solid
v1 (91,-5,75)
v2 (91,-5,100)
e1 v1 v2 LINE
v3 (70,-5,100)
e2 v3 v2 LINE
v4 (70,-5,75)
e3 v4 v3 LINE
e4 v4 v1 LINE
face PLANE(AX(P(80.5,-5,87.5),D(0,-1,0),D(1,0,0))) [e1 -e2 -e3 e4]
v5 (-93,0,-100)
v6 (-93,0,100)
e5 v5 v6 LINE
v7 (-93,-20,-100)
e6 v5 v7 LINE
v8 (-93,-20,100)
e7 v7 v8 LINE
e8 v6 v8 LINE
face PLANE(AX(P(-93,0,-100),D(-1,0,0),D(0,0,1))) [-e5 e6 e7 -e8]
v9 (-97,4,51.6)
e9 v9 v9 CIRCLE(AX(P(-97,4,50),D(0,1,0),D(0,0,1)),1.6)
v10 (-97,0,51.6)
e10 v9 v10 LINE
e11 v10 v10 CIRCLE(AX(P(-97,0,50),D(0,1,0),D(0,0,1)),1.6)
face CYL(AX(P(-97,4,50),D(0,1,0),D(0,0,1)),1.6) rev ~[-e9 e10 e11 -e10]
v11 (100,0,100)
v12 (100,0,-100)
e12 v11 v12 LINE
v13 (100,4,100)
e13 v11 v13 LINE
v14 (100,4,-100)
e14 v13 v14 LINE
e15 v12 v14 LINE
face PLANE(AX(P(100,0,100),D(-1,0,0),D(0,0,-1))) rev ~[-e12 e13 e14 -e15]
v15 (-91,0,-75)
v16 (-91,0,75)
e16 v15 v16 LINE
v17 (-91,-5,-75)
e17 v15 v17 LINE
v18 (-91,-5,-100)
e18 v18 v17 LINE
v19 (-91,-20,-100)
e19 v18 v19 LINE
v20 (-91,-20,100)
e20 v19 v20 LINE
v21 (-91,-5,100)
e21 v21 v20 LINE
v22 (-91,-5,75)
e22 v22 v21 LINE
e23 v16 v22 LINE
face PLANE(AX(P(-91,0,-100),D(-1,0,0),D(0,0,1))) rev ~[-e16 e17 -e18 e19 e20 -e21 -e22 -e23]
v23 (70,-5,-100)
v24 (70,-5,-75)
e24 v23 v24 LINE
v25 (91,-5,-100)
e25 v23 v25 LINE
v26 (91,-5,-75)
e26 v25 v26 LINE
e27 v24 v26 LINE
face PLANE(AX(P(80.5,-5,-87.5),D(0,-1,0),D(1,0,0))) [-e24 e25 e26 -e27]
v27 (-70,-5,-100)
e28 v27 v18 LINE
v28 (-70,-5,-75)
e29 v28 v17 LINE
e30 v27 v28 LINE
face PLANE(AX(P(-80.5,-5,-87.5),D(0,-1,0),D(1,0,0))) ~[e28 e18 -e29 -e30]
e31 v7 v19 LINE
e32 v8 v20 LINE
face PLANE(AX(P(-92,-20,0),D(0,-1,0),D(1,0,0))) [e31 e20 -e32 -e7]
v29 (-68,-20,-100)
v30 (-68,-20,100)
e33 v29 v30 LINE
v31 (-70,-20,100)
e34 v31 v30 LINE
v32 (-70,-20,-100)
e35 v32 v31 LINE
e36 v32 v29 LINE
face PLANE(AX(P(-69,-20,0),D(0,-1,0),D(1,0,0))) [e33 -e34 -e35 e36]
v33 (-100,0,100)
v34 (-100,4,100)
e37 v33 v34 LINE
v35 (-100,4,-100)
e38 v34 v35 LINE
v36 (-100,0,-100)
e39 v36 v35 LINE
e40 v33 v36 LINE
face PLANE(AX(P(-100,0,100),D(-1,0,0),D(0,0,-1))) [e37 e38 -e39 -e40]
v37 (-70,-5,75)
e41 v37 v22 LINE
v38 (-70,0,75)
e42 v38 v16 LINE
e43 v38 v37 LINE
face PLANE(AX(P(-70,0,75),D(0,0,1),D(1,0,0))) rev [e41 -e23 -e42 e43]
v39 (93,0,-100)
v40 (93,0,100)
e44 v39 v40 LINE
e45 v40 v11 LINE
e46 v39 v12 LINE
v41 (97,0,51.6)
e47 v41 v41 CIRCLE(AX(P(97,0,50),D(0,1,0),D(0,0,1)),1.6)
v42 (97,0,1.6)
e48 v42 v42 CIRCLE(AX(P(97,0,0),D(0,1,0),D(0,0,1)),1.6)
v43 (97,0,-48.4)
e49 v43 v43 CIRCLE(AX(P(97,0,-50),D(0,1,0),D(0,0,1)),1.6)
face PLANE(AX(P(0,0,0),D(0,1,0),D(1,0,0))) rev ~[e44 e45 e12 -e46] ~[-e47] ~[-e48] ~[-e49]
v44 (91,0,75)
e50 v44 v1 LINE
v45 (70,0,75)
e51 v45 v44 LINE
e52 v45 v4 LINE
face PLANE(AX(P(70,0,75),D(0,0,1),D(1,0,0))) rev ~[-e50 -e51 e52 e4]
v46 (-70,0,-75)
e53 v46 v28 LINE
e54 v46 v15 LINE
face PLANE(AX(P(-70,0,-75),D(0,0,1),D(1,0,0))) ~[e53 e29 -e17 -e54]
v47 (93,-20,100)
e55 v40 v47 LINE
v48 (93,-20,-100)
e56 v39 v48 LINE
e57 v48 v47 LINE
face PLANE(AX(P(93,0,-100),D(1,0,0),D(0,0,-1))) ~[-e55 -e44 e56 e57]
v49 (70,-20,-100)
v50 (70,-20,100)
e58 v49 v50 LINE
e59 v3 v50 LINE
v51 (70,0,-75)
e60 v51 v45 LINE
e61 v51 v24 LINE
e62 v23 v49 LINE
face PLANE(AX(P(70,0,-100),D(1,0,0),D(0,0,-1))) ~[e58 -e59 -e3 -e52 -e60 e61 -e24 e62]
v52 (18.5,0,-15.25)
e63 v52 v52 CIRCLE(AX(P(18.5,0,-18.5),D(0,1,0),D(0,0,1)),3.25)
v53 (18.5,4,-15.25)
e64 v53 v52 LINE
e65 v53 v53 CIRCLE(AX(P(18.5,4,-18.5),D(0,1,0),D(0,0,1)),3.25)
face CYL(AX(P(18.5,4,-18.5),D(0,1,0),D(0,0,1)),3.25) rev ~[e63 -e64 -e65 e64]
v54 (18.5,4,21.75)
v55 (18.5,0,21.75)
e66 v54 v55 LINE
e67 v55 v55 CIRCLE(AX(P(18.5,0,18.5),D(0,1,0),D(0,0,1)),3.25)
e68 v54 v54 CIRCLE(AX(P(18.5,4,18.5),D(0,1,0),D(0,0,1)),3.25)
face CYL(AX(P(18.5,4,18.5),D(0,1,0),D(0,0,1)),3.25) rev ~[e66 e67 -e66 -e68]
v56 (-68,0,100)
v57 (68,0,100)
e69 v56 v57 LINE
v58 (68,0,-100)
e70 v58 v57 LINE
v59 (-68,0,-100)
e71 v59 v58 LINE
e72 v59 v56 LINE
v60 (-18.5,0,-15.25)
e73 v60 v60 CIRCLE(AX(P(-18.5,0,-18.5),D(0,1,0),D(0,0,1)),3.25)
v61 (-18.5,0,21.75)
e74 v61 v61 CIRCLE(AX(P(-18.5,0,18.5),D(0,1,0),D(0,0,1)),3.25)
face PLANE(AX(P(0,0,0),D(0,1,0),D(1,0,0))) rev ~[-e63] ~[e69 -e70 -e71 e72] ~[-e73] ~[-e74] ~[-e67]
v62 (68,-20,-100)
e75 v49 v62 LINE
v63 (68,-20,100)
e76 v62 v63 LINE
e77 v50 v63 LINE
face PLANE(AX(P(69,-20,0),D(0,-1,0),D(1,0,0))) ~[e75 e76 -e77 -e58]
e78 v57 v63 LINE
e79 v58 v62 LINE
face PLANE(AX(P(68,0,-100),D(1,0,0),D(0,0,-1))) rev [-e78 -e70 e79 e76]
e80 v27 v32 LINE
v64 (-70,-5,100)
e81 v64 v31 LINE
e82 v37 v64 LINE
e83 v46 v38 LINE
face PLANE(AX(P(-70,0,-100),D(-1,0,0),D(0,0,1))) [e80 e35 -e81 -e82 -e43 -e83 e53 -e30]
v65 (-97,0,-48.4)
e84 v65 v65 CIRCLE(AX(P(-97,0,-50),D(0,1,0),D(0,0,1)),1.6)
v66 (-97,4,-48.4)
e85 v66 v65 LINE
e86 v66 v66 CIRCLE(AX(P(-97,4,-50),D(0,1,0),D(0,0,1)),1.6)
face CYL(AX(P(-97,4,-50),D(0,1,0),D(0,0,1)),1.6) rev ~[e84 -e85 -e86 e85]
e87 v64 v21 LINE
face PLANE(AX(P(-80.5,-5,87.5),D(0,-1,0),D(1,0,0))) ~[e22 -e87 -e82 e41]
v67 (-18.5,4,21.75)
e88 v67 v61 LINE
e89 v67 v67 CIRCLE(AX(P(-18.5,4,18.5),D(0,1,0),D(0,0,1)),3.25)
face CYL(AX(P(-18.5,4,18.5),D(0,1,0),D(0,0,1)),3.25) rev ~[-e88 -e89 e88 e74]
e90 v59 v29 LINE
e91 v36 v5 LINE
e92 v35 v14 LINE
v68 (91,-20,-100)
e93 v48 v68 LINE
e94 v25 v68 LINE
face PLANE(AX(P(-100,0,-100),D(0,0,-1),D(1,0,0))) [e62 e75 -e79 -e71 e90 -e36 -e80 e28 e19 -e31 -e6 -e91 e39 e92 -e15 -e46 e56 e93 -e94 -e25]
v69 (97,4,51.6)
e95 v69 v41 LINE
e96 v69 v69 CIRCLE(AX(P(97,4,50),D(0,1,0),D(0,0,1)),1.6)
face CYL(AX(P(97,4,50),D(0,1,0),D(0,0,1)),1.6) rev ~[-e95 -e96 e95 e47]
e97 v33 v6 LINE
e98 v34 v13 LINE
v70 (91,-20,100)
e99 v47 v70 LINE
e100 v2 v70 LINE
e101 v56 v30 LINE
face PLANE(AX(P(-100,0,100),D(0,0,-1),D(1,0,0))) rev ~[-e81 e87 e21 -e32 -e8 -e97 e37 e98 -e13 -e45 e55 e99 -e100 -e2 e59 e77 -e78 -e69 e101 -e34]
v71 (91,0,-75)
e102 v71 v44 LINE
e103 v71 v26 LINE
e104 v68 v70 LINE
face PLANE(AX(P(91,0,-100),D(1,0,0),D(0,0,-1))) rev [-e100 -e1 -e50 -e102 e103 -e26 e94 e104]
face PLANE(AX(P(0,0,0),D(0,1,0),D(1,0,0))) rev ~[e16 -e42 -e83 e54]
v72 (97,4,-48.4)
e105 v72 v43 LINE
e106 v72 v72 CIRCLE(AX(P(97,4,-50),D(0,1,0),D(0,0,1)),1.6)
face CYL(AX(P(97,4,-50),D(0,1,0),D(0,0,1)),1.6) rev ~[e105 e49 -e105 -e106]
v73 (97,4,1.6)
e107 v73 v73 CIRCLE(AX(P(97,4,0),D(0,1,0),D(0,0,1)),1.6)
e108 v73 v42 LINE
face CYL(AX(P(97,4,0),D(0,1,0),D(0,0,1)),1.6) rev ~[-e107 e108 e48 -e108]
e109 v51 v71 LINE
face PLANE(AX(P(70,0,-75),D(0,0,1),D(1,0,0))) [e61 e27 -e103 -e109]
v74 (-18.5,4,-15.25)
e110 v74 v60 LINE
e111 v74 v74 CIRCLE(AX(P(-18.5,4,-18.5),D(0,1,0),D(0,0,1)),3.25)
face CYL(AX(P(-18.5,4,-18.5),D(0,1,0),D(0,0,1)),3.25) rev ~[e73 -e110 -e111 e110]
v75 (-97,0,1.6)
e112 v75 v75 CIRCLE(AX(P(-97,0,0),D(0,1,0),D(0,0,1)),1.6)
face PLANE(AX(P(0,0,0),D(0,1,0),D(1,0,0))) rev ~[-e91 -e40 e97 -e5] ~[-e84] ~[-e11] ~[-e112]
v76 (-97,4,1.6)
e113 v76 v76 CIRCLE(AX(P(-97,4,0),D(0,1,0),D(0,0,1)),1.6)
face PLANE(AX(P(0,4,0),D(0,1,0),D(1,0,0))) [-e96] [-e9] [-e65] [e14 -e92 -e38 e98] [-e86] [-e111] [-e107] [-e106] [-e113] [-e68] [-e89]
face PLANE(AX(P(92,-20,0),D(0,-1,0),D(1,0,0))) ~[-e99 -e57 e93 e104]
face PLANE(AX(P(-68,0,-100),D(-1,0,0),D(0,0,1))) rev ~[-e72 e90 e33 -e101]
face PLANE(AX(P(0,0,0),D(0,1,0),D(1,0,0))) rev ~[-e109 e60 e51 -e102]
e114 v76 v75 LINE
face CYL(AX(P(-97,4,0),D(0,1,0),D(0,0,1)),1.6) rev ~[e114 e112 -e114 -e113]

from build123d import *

# Parameters (mm, degrees)
SKETCH_1_W          = 200
SKETCH_1_H          = 200
EXTRUDE_1_DEPTH     = 4
SKETCH_2_W          = 2
SKETCH_2_H          = 200
EXTRUDE_2_DEPTH     = 20
SKETCH_4_R          = 3.25
SKETCH_4_R_2        = 1.6
CUT_EXTRUDE_1_DEPTH = 10
SKETCH_5_W          = 21
SKETCH_5_H          = 25
EXTRUDE_3_DEPTH     = 5


with BuildPart() as part:
    # 草图1 → 凸台-拉伸1 (new body)
    with BuildSketch(Plane(origin=(0, 0, 0), x_dir=(1, 0, 0), z_dir=(0, 1, 0))):
        Rectangle(SKETCH_1_W, SKETCH_1_H)
    extrude(amount=EXTRUDE_1_DEPTH)

    # 草图2 → 凸台-拉伸2 (add)
    with BuildSketch(Plane.XZ):
        with Locations((-69, 0)):
            Rectangle(SKETCH_2_W, SKETCH_2_H)
        with Locations((-92, 0)):
            Rectangle(SKETCH_2_W, SKETCH_2_H)
    extrude_2 = extrude(amount=EXTRUDE_2_DEPTH)

    # 镜向1: 凸台-拉伸2 across plane
    add(extrude_2.mirror(Plane(origin=(0, 0, 0), x_dir=(0, 0, 1), z_dir=(1, 0, 0))))

    # 草图4 → 切除-拉伸1 (cut)
    with BuildSketch(Plane(origin=(0, 4, 0), x_dir=(1, 0, 0), z_dir=(0, 1, 0))):
        with Locations(Location((18.5, 18.5, 0), (0, 0, 270))):
            Circle(SKETCH_4_R)
        with Locations(Location((18.5, -18.5, 0), (0, 0, 270))):
            Circle(SKETCH_4_R)
        with Locations(Location((-18.5, -18.5, 0), (0, 0, 270))):
            Circle(SKETCH_4_R)
        with Locations(Location((-18.5, 18.5, 0), (0, 0, 270))):
            Circle(SKETCH_4_R)
        with Locations(Location((97, -50, 0), (0, 0, 270))):
            Circle(SKETCH_4_R_2)
        with Locations(Location((97, 50, 0), (0, 0, 270))):
            Circle(SKETCH_4_R_2)
        with Locations(Location((-97, -50, 0), (0, 0, 270))):
            Circle(SKETCH_4_R_2)
        with Locations(Location((-97, 50, 0), (0, 0, 270))):
            Circle(SKETCH_4_R_2)
        with Locations(Location((-97, 0, 0), (0, 0, 270))):
            Circle(SKETCH_4_R_2)
        with Locations(Location((97, 0, 0), (0, 0, 270))):
            Circle(SKETCH_4_R_2)
    extrude(amount=-CUT_EXTRUDE_1_DEPTH, mode=Mode.SUBTRACT)

    # 草图5 → 凸台-拉伸3 (add)
    with BuildSketch(Plane.XZ):
        with Locations((80.5, 87.5)):
            Rectangle(SKETCH_5_W, SKETCH_5_H)
        with Locations((80.5, -87.5)):
            Rectangle(SKETCH_5_W, SKETCH_5_H)
    extrude_3 = extrude(amount=EXTRUDE_3_DEPTH)

    # 镜向2: 凸台-拉伸3 across plane
    add(extrude_3.mirror(Plane(origin=(0, 0, 0), x_dir=(0, 0, 1), z_dir=(1, 0, 0))))


solid = part.part
